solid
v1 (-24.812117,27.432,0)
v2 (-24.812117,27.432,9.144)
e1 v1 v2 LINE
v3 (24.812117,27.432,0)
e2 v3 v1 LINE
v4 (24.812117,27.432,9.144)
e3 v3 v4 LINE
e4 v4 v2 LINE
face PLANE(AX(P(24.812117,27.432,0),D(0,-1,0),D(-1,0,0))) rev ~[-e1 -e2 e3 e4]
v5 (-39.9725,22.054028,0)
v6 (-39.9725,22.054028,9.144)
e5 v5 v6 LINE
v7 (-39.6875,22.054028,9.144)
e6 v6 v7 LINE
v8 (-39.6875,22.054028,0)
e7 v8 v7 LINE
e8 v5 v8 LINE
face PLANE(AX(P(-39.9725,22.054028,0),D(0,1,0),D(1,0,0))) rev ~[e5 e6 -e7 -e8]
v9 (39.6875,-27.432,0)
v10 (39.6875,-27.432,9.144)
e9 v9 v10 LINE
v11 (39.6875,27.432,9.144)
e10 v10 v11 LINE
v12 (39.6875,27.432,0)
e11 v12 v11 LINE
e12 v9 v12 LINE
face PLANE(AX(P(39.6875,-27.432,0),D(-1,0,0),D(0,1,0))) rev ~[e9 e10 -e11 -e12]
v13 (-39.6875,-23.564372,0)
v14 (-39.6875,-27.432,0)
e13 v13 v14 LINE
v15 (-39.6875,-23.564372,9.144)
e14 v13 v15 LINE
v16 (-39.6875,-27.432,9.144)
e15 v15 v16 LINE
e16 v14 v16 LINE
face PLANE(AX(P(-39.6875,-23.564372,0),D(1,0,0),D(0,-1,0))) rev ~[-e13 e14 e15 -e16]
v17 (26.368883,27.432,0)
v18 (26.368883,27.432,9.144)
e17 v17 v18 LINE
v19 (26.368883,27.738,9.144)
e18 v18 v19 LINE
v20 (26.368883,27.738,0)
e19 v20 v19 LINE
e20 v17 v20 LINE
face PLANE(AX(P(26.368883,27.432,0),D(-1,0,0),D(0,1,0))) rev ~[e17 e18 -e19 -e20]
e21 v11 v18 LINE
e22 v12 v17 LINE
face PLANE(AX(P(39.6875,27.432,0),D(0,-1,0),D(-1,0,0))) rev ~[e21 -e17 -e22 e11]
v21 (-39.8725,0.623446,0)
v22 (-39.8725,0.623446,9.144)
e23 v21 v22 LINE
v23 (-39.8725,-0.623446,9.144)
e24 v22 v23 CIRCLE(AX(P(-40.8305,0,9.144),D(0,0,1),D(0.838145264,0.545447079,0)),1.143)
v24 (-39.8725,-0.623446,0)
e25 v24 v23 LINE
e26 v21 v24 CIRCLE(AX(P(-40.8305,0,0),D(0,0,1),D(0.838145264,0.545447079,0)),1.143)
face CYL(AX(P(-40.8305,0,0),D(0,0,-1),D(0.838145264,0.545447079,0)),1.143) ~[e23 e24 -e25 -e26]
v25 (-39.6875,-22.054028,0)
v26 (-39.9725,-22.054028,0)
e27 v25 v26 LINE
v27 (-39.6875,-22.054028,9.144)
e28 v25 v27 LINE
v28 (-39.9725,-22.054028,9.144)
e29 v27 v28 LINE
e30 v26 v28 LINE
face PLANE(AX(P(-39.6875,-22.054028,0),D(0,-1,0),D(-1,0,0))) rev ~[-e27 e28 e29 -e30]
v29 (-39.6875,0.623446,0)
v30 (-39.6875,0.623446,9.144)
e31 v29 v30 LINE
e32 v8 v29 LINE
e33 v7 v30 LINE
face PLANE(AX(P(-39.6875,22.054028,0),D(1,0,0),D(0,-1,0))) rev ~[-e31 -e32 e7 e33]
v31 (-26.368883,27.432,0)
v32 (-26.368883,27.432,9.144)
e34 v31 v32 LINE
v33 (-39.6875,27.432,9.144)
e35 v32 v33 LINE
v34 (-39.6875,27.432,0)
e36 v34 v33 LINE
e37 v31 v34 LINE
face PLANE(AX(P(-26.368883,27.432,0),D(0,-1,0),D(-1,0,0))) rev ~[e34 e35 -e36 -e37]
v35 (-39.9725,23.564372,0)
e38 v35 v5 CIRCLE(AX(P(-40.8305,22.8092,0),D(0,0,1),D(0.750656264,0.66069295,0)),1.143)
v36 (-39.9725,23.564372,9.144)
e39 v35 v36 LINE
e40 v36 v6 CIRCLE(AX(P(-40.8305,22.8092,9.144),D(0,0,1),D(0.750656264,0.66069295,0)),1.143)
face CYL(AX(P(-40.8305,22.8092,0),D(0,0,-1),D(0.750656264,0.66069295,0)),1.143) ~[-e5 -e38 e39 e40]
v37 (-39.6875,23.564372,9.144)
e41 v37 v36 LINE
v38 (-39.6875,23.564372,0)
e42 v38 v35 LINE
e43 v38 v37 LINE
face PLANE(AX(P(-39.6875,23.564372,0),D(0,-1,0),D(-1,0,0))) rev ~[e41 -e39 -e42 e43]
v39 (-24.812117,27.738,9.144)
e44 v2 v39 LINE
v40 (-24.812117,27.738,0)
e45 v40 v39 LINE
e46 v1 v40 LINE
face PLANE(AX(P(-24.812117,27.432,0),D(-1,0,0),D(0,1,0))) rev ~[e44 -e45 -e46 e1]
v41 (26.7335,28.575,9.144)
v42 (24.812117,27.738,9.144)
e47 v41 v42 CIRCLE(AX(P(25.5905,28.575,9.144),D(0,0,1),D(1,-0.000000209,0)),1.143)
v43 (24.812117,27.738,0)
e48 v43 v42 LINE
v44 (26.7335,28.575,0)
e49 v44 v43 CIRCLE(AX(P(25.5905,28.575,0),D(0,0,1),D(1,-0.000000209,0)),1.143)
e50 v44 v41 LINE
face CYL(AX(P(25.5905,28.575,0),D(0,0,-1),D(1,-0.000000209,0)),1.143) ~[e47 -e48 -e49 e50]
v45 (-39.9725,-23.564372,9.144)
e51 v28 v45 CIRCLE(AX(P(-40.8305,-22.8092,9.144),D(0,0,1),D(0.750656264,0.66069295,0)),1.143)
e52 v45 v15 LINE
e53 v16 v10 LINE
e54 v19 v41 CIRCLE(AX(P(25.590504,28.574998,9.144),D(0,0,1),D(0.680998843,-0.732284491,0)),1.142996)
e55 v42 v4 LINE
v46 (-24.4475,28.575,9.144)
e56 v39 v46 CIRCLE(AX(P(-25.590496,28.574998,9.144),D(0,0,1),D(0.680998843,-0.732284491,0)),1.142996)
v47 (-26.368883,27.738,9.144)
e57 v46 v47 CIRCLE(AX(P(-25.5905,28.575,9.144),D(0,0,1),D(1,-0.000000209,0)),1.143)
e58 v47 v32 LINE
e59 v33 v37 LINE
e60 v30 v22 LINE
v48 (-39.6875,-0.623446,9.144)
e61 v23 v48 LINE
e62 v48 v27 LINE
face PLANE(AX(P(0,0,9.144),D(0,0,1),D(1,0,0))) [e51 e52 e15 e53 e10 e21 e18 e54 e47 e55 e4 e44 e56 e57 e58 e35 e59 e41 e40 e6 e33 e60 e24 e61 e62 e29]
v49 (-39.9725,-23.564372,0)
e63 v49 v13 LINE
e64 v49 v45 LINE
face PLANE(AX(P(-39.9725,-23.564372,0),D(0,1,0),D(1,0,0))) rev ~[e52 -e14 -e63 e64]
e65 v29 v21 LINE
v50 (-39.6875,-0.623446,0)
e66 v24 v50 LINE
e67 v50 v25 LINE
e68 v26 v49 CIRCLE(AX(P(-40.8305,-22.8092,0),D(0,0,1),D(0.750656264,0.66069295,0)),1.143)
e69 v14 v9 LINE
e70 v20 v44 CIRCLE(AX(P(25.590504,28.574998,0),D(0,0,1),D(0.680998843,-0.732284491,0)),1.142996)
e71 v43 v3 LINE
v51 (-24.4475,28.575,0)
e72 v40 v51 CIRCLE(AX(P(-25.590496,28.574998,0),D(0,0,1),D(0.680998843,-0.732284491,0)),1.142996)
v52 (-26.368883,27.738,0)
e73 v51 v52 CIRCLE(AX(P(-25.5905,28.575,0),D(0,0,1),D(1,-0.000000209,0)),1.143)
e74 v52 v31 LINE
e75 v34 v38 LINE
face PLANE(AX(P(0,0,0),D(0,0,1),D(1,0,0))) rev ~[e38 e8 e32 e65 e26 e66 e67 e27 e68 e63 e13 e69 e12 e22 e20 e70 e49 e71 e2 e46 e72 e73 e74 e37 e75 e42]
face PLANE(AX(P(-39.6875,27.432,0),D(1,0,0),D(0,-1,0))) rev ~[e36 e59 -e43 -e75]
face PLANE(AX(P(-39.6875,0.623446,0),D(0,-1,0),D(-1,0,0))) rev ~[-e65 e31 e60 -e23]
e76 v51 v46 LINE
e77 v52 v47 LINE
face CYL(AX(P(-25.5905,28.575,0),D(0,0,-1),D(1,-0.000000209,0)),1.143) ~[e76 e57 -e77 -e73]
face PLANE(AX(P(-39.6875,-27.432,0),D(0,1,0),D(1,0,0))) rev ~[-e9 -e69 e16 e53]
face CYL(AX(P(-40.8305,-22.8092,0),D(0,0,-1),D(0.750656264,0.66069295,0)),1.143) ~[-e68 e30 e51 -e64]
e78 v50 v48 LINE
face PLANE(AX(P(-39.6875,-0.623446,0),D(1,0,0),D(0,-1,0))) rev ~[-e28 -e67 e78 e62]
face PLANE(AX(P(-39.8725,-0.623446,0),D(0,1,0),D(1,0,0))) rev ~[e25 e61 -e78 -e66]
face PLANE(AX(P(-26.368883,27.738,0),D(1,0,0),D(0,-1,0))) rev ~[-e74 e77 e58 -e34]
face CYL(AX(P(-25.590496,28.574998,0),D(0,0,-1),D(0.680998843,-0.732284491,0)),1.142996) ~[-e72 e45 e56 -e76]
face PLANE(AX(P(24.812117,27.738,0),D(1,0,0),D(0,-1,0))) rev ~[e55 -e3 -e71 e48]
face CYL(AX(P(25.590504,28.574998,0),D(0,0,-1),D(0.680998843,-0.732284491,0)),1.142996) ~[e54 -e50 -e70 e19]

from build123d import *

# Parameters (mm, degrees)
F1_DEPTH = 9.144


with BuildPart() as f1:
    # F0 (on Top) → F1 (new body)
    with BuildSketch(Plane.XY):
        Polygon((-26.368883, 27.432), (-39.6875, 27.432), (-39.6875, 23.564372), (-39.6875, 22.8092), (-39.6875, 22.054028), (-39.6875, 0.623446), (-39.6875, 0), (-39.6875, -0.623446), (-39.6875, -22.054028), (-39.6875, -22.8092), (-39.6875, -23.564372), (-39.6875, -27.432), (39.6875, -27.432), (39.6875, 27.432), (26.368883, 27.432), (25.5905, 27.432), (24.812117, 27.432), (-24.812117, 27.432), (-25.5905, 27.432), align=None)
        with BuildLine():
            Line((-26.368883, 27.738), (-26.368883, 27.432))
            Line((-26.368883, 27.432), (-25.5905, 27.432))
            ThreePointArc((-25.5905, 27.432), (-26.008685, 27.511247), (-26.368883, 27.738))
        make_face()
        with BuildLine():
            ThreePointArc((-39.8725, -0.623446), (-39.734726, -0.325158), (-39.6875, 0))
            ThreePointArc((-39.6875, 0), (-39.734726, 0.325158), (-39.8725, 0.623446))
            ThreePointArc((-39.8725, 0.623446), (-41.9735, 0), (-39.8725, -0.623446))
        make_face()
        with BuildLine():
            ThreePointArc((-39.9725, -23.564372), (-39.761121, -23.212781), (-39.6875, -22.8092))
            ThreePointArc((-39.6875, -22.8092), (-39.761121, -22.405619), (-39.9725, -22.054028))
            ThreePointArc((-39.9725, -22.054028), (-41.9735, -22.8092), (-39.9725, -23.564372))
        make_face()
        with BuildLine():
            ThreePointArc((24.812117, 27.738), (25.172315, 27.511247), (25.5905, 27.432))
            ThreePointArc((25.5905, 27.432), (26.008685, 27.511247), (26.368883, 27.738))
            ThreePointArc((26.368883, 27.738), (26.638389, 28.118515), (26.7335, 28.575))
            ThreePointArc((26.7335, 28.575), (25.134015, 29.622889), (24.812117, 27.738))
        make_face()
        with BuildLine():
            ThreePointArc((-24.812117, 27.738), (-25.172315, 27.511247), (-25.5905, 27.432))
            Line((-25.5905, 27.432), (-24.812117, 27.432))
            Line((-24.812117, 27.432), (-24.812117, 27.738))
        make_face()
        with BuildLine():
            ThreePointArc((-26.368883, 27.738), (-26.008685, 27.511247), (-25.5905, 27.432))
            ThreePointArc((-25.5905, 27.432), (-25.172315, 27.511247), (-24.812117, 27.738))
            ThreePointArc((-24.812117, 27.738), (-24.542611, 28.118515), (-24.4475, 28.575))
            ThreePointArc((-24.4475, 28.575), (-26.046985, 29.622889), (-26.368883, 27.738))
        make_face()
        with BuildLine():
            Line((-39.6875, 22.8092), (-39.6875, 23.564372))
            Line((-39.6875, 23.564372), (-39.9725, 23.564372))
            ThreePointArc((-39.9725, 23.564372), (-39.761121, 23.212781), (-39.6875, 22.8092))
        make_face()
        with BuildLine():
            Line((24.812117, 27.738), (24.812117, 27.432))
            Line((24.812117, 27.432), (25.5905, 27.432))
            ThreePointArc((25.5905, 27.432), (25.172315, 27.511247), (24.812117, 27.738))
        make_face()
        with BuildLine():
            ThreePointArc((26.368883, 27.738), (26.008685, 27.511247), (25.5905, 27.432))
            Line((25.5905, 27.432), (26.368883, 27.432))
            Line((26.368883, 27.432), (26.368883, 27.738))
        make_face()
        with BuildLine():
            Line((-39.6875, -22.8092), (-39.6875, -22.054028))
            Line((-39.6875, -22.054028), (-39.9725, -22.054028))
            ThreePointArc((-39.9725, -22.054028), (-39.761121, -22.405619), (-39.6875, -22.8092))
        make_face()
        with BuildLine():
            Line((-39.6875, -23.564372), (-39.6875, -22.8092))
            ThreePointArc((-39.6875, -22.8092), (-39.761121, -23.212781), (-39.9725, -23.564372))
            Line((-39.9725, -23.564372), (-39.6875, -23.564372))
        make_face()
        with BuildLine():
            ThreePointArc((-39.9725, 22.054028), (-39.761121, 22.405619), (-39.6875, 22.8092))
            ThreePointArc((-39.6875, 22.8092), (-39.761121, 23.212781), (-39.9725, 23.564372))
            ThreePointArc((-39.9725, 23.564372), (-41.9735, 22.8092), (-39.9725, 22.054028))
        make_face()
        with BuildLine():
            Line((-39.6875, -0.623446), (-39.6875, 0))
            ThreePointArc((-39.6875, 0), (-39.734726, -0.325158), (-39.8725, -0.623446))
            Line((-39.8725, -0.623446), (-39.6875, -0.623446))
        make_face()
        with BuildLine():
            Line((-39.6875, 22.054028), (-39.6875, 22.8092))
            ThreePointArc((-39.6875, 22.8092), (-39.761121, 22.405619), (-39.9725, 22.054028))
            Line((-39.9725, 22.054028), (-39.6875, 22.054028))
        make_face()
        with BuildLine():
            Line((-39.6875, 0), (-39.6875, 0.623446))
            Line((-39.6875, 0.623446), (-39.8725, 0.623446))
            ThreePointArc((-39.8725, 0.623446), (-39.734726, 0.325158), (-39.6875, 0))
        make_face()
    extrude(amount=F1_DEPTH)


solid = f1.part
